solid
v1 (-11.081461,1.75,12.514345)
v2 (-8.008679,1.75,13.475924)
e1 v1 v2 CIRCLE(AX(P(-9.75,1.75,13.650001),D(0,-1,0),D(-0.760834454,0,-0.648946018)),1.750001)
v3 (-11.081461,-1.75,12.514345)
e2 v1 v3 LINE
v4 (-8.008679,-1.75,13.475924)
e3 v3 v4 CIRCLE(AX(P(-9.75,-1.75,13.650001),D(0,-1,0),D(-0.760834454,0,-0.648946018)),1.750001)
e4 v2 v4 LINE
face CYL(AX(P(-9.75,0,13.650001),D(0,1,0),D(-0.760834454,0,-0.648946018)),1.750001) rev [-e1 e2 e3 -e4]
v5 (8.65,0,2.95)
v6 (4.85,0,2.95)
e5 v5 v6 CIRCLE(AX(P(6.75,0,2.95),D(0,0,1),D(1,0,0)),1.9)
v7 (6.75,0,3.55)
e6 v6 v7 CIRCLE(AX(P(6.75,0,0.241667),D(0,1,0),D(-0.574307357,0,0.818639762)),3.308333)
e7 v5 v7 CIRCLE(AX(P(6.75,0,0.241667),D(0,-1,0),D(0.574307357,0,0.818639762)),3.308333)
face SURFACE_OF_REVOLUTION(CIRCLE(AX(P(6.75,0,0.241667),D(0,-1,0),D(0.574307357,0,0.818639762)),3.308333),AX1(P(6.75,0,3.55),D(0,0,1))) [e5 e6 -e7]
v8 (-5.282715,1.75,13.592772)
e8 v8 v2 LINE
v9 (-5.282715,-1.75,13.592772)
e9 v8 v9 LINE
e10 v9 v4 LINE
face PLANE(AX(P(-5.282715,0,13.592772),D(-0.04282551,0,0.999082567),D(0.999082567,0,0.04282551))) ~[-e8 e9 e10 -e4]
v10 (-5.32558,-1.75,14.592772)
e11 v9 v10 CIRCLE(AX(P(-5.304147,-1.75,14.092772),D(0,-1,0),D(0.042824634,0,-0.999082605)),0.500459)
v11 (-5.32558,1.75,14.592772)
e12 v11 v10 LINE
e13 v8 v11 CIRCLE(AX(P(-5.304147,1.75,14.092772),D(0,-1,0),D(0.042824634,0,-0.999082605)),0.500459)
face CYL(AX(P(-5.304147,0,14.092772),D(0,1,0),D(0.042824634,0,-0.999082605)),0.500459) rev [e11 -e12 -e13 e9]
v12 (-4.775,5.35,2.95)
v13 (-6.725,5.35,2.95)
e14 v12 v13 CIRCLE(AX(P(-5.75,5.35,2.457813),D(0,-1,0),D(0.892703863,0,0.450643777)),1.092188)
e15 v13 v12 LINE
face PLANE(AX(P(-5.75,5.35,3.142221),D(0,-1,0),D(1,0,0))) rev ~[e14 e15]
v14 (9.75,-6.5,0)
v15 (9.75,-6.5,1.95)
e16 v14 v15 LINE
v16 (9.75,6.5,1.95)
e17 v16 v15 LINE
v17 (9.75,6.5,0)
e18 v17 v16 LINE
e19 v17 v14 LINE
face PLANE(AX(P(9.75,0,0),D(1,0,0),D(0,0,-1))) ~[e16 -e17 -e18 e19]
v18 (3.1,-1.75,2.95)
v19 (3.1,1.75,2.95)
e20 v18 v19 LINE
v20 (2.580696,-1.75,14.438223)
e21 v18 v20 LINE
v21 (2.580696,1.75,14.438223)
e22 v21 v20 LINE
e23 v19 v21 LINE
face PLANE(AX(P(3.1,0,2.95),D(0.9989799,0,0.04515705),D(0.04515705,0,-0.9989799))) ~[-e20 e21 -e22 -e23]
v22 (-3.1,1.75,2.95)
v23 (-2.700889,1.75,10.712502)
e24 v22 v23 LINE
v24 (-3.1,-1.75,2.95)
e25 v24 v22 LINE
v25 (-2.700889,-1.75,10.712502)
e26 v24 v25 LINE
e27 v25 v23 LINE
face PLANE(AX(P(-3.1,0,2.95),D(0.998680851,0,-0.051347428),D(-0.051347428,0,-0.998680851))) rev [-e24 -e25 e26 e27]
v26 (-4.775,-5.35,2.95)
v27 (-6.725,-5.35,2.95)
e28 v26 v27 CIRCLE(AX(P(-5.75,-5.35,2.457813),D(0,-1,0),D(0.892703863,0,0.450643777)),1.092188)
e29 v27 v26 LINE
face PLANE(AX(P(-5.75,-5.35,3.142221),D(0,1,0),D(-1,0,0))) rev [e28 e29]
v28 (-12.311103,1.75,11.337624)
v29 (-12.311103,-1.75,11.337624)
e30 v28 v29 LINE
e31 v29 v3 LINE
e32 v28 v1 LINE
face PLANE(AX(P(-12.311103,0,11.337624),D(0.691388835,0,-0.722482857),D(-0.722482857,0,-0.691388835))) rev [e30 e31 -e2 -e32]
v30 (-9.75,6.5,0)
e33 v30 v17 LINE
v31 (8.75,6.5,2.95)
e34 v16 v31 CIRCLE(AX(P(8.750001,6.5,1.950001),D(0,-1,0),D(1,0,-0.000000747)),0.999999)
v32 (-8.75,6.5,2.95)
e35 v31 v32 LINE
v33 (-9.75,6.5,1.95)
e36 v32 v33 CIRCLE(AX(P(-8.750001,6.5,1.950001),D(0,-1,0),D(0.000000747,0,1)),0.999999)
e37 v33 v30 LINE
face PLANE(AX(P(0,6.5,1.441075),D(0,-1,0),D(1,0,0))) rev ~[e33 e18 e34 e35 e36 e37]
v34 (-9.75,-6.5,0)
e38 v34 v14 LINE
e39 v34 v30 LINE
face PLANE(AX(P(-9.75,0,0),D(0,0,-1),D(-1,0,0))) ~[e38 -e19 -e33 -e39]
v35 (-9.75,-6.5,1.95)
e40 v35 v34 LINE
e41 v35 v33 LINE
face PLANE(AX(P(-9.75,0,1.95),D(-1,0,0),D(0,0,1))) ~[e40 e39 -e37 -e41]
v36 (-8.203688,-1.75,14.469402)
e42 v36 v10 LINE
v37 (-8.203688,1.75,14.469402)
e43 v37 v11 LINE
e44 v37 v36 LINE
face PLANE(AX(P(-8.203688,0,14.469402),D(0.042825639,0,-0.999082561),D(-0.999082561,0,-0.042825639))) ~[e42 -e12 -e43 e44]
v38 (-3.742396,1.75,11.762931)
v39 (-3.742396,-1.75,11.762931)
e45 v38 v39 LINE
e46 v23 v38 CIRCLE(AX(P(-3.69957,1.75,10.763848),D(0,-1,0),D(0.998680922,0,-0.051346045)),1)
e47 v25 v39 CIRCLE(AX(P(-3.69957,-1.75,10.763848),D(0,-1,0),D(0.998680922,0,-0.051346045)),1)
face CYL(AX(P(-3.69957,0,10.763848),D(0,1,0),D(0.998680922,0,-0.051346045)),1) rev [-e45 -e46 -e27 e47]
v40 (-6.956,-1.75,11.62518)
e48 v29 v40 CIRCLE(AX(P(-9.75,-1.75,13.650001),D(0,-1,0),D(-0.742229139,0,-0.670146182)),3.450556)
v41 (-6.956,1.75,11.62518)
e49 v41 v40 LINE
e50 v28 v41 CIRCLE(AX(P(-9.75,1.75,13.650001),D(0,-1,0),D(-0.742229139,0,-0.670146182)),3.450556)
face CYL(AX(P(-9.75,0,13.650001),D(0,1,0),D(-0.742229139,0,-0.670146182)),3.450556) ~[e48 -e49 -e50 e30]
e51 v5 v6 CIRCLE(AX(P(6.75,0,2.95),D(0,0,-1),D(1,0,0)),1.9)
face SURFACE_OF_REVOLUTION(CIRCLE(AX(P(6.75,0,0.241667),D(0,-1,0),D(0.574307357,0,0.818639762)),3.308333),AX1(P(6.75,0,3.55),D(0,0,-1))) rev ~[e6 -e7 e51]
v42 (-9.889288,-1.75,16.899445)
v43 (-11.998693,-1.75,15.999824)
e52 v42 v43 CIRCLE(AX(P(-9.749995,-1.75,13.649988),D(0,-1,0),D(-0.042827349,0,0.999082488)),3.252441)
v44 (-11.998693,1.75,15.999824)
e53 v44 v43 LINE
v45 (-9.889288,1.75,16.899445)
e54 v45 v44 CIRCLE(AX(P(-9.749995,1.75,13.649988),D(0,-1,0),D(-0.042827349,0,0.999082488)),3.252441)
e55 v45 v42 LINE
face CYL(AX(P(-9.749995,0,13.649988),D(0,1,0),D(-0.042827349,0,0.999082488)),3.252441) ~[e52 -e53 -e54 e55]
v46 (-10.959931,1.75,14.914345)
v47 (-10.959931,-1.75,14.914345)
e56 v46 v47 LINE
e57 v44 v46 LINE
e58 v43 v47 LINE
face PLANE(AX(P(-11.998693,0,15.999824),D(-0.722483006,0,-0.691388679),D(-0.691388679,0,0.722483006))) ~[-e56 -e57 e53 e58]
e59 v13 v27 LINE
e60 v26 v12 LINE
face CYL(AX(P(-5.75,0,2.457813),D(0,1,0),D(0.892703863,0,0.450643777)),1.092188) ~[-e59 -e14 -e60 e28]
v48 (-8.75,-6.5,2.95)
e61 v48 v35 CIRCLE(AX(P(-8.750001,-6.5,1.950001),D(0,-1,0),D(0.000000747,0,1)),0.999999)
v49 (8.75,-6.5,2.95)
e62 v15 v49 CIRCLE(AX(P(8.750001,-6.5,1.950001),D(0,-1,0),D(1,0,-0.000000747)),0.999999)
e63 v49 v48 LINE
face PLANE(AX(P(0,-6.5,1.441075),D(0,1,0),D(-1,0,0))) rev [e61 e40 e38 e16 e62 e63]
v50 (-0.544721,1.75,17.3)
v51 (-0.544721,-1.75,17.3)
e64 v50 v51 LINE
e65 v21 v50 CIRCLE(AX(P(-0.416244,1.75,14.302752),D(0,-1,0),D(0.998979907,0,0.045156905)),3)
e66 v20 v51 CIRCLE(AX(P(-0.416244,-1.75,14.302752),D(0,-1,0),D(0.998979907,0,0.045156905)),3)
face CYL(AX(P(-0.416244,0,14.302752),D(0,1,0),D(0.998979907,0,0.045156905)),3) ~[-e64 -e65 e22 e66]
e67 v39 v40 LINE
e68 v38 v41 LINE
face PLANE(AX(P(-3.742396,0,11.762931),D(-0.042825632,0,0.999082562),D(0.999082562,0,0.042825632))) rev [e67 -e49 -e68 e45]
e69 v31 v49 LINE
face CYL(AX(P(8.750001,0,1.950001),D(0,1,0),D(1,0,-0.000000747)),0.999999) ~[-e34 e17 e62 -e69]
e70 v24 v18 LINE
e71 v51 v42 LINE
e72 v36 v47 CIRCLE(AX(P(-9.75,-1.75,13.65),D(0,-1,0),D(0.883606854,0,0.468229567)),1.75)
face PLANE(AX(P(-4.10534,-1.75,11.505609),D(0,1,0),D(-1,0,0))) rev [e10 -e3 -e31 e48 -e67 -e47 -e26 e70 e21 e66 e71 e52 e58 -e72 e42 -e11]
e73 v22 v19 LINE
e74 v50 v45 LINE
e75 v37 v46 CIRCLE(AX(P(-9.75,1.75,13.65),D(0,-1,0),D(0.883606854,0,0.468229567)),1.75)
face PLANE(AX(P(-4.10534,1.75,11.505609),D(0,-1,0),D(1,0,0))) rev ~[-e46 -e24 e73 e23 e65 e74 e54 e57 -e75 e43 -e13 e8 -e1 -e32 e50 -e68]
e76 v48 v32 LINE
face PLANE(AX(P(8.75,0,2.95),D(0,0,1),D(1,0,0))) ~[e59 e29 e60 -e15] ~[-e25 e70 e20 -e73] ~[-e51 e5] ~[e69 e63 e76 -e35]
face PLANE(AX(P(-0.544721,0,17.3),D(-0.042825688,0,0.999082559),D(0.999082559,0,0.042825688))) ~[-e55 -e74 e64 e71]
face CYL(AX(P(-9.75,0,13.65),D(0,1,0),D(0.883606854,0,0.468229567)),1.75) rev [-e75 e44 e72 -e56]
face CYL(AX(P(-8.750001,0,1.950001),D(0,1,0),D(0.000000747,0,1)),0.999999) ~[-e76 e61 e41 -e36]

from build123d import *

# Parameters (mm, degrees)
PAD_DEPTH        = 6.5
PAD001_DEPTH     = 5.35
REVOLUTION_ANGLE = -180
PAD002_DEPTH     = 1.75


with BuildPart() as part:
    # Sketch → Pad (new body)
    with BuildSketch(Plane.XZ):
        with BuildLine():
            Line((-9.75, 0), (9.75, 0))
            Line((9.75, 0), (9.75, 1.95))
            ThreePointArc((9.75, 1.95), (9.457107, 2.657107), (8.75, 2.95))
            Line((8.75, 2.95), (-8.75, 2.95))
            ThreePointArc((-8.75, 2.95), (-9.457107, 2.657107), (-9.75, 1.95))
            Line((-9.75, 1.95), (-9.75, 0))
        make_face()
    pad = extrude(amount=-PAD_DEPTH)

    # Sketch001 → Pad001 (join)
    with BuildSketch(Plane.XZ):
        with BuildLine():
            ThreePointArc((-4.775, 2.95), (-5.75, 3.55), (-6.725, 2.95))
            Line((-6.725, 2.95), (-4.775, 2.95))
        make_face()
    pad001 = extrude(amount=-PAD001_DEPTH)

    # Sketch002 → Revolution (revolve)
    with BuildSketch(Plane.XZ):
        with BuildLine():
            ThreePointArc((8.65, 2.95), (7.746243, 3.396436), (6.75, 3.55))
            Line((6.75, 3.55), (6.75, 0.241667))
            Line((8.65, 2.95), (6.75, 0.241667))
        make_face()
    revolution = revolve(axis=Axis((6.75, 0, 3.55), (0, 0, -1)), revolution_arc=REVOLUTION_ANGLE)

    # Sketch003 → Pad002 (join)
    with BuildSketch(Plane.XZ):
        with BuildLine():
            Line((-3.1, 2.95), (3.1, 2.95))
            Line((3.1, 2.95), (2.580696, 14.438223))
            ThreePointArc((2.580696, 14.438223), (1.609703, 16.515339), (-0.544721, 17.3))
            Line((-0.544721, 17.3), (-9.889288, 16.899445))
            ThreePointArc((-9.889288, 16.899445), (-11.025908, 16.641713), (-11.998693, 15.999824))
            Line((-11.998693, 15.999824), (-10.959931, 14.914345))
            ThreePointArc((-8.203688, 14.469402), (-9.471106, 15.377634), (-10.959931, 14.914345))
            Line((-8.203688, 14.469402), (-5.32558, 14.592772))
            ThreePointArc((-5.282715, 13.592772), (-4.804147, 14.114205), (-5.32558, 14.592772))
            Line((-5.282715, 13.592772), (-8.008679, 13.475924))
            ThreePointArc((-11.081461, 12.514345), (-9.227358, 11.979867), (-8.008679, 13.475924))
            Line((-12.311103, 11.337624), (-11.081461, 12.514345))
            ThreePointArc((-12.311103, 11.337624), (-9.56498, 10.204409), (-6.956, 11.62518))
            Line((-3.742396, 11.762931), (-6.956, 11.62518))
            ThreePointArc((-2.700889, 10.712502), (-2.989454, 11.467933), (-3.742396, 11.762931))
            Line((-3.1, 2.95), (-2.700889, 10.712502))
        make_face()
    pad002 = extrude(amount=-PAD002_DEPTH)

    # Mirrored: Pad, Pad001, Revolution, Pad002 across XZ
    add(pad.mirror(Plane.XZ))
    add(pad001.mirror(Plane.XZ))
    add(revolution.mirror(Plane.XZ))
    add(pad002.mirror(Plane.XZ))


solid = part.part
